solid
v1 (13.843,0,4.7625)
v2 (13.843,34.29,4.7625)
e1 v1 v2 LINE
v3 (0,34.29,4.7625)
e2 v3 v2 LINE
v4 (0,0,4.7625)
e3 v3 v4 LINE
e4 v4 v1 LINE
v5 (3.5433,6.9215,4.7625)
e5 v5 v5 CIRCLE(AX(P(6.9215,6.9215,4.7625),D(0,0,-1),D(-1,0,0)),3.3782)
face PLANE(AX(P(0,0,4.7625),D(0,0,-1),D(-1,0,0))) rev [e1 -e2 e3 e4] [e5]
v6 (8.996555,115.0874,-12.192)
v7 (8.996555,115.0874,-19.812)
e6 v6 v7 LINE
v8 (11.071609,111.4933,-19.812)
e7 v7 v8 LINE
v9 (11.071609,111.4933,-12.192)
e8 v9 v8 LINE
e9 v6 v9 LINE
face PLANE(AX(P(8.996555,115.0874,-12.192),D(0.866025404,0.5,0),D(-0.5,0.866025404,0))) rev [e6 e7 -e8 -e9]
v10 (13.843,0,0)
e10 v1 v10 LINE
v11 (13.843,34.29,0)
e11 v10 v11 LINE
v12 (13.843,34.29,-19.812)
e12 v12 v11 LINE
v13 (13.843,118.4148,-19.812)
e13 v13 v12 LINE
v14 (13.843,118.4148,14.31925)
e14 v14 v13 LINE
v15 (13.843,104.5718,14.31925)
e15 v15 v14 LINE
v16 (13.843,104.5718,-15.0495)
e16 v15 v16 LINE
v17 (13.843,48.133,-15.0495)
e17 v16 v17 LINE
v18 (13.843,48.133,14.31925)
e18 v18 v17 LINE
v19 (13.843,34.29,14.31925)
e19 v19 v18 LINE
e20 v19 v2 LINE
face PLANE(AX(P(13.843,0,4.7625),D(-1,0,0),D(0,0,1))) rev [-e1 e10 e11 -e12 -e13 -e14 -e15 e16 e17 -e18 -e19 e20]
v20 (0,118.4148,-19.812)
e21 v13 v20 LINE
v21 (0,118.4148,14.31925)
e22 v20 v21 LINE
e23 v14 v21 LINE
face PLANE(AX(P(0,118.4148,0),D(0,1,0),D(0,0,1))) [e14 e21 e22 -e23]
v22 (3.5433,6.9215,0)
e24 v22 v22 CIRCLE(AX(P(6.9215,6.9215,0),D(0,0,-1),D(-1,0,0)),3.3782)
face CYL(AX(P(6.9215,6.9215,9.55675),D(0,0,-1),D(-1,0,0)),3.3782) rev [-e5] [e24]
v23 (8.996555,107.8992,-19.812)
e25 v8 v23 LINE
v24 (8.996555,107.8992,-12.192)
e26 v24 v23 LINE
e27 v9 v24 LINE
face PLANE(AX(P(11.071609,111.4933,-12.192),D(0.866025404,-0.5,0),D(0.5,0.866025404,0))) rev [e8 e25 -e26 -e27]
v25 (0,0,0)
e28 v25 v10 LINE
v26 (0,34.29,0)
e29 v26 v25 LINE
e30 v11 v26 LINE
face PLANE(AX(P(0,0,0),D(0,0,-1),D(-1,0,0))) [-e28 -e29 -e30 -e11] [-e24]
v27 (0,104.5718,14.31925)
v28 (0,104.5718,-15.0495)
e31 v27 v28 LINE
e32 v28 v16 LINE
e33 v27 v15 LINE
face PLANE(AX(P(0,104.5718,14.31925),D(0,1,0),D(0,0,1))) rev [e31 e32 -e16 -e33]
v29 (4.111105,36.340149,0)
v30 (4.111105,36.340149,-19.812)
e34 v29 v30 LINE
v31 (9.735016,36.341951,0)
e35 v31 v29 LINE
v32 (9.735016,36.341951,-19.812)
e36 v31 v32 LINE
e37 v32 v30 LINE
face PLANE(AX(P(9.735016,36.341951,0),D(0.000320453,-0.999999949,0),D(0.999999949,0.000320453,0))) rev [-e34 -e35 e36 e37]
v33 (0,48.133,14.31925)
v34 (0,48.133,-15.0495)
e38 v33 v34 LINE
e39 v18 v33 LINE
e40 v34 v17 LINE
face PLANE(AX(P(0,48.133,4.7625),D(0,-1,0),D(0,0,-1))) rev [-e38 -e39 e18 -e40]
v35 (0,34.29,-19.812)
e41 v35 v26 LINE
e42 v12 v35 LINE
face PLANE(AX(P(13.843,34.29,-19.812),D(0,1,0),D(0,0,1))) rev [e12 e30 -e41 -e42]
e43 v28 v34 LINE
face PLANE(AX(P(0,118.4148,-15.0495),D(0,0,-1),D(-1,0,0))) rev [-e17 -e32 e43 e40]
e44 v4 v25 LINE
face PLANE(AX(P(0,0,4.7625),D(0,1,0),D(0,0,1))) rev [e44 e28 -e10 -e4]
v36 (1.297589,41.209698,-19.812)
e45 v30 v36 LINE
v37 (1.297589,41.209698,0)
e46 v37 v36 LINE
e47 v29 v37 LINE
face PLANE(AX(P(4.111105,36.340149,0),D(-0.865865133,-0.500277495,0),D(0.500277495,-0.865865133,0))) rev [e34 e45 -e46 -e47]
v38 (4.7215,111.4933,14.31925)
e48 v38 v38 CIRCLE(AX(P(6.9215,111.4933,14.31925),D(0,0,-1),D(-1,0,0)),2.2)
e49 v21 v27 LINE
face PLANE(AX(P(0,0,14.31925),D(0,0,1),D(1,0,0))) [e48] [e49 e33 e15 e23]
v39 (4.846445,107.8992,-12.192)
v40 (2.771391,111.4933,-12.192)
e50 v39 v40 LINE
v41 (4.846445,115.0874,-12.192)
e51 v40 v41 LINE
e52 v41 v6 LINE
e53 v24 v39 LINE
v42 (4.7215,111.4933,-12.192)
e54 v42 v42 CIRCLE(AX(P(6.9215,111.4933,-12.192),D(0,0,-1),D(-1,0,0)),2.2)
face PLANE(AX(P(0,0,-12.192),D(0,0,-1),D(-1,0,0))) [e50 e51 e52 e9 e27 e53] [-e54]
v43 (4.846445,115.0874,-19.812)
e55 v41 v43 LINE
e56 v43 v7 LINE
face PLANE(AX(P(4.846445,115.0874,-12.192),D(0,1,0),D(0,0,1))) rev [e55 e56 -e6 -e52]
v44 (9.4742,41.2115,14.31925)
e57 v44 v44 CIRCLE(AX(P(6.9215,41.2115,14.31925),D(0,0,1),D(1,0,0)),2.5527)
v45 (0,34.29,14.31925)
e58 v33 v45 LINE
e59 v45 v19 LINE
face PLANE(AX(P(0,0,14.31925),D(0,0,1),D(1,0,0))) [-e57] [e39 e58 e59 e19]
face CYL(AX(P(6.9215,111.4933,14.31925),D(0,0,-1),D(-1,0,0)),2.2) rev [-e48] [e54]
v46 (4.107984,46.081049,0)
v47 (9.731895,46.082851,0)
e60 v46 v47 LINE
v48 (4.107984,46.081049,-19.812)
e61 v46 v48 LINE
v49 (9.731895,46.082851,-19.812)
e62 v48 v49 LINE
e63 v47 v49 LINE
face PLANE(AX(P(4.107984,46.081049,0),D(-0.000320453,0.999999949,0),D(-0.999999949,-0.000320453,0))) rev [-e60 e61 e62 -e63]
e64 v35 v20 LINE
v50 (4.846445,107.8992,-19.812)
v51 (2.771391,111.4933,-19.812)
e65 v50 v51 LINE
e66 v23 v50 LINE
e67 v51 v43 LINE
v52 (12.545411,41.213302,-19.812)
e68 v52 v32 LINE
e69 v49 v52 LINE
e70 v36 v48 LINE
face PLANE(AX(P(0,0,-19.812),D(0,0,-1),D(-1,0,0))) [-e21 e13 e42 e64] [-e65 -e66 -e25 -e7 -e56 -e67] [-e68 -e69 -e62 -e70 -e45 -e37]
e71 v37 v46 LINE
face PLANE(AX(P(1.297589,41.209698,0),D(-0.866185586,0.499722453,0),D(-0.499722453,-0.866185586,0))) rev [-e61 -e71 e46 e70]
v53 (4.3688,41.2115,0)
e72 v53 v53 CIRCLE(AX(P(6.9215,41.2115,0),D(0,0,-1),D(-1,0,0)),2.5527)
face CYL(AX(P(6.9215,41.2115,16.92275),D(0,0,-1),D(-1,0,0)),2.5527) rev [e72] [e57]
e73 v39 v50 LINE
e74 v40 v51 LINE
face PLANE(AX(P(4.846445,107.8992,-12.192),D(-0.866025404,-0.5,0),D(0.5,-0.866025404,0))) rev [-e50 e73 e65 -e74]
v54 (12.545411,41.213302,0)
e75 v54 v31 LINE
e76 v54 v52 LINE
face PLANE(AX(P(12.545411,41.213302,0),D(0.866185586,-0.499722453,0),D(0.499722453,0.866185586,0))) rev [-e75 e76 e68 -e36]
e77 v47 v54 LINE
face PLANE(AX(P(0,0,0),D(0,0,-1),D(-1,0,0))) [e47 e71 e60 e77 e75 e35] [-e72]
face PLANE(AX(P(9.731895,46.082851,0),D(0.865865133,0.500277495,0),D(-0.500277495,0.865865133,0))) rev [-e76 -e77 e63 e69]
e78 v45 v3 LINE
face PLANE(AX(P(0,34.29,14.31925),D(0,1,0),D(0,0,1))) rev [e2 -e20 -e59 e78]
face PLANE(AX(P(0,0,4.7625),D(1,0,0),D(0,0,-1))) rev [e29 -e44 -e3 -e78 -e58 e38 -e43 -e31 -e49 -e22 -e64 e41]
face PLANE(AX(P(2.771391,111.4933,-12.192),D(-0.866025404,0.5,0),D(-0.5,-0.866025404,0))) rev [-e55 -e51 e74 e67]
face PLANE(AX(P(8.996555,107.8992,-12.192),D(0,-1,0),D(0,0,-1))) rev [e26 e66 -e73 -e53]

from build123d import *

# Parameters (mm, degrees)
SKETCH1_W           = 13.843
SKETCH1_H           = 48.133
BOSS_EXTRUDE1_DEPTH = 4.7625
SKETCH2_W           = 13.843
SKETCH2_H           = 13.843
BOSS_EXTRUDE2_DEPTH = 9.55675
SKETCH3_R           = 3.3782
CUT_EXTRUDE1_DEPTH  = 9.55675
SKETCH4_R           = 2.5527
CUT_EXTRUDE2_DEPTH  = 16.92275
SKETCH5_W           = 13.843
SKETCH5_H           = 13.843
BOSS_EXTRUDE3_DEPTH = 19.812
CUT_EXTRUDE3_DEPTH  = 19.812
SKETCH7_W           = 13.843
SKETCH7_H           = 4.7625
BOSS_EXTRUDE4_DEPTH = 70.2818
SKETCH8_W           = 13.843
SKETCH8_H           = 13.843
BOSS_EXTRUDE5_DEPTH = 29.36875
CUT_EXTRUDE4_DEPTH  = 7.62
SKETCH10_R          = 2.2
CUT_EXTRUDE5_DEPTH  = 27.51125


with BuildPart() as part:
    # Sketch1 → Boss-Extrude1 (new body)
    with BuildSketch(Plane.XY):
        with Locations((6.9215, 24.0665)):
            Rectangle(SKETCH1_W, SKETCH1_H)
    extrude(amount=BOSS_EXTRUDE1_DEPTH)

    # Sketch2 → Boss-Extrude2 (add)
    with BuildSketch(Plane.XY.offset(4.7625)):
        with Locations((6.9215, 41.2115)):
            Rectangle(SKETCH2_W, SKETCH2_H)
    extrude(amount=BOSS_EXTRUDE2_DEPTH)

    # Sketch3 → Cut-Extrude1 (cut)
    with BuildSketch(Plane(origin=(0, 0, 0), x_dir=(-1, 0, 0), z_dir=(0, 0, -1))):
        with Locations((-6.9215, 6.9215)):
            Circle(SKETCH3_R)
    extrude(amount=-CUT_EXTRUDE1_DEPTH, mode=Mode.SUBTRACT)

    # Sketch4 → Cut-Extrude2 (cut)
    with BuildSketch(Plane(origin=(0, 0, 0), x_dir=(-1, 0, 0), z_dir=(0, 0, -1))):
        with Locations((-6.9215, 41.2115)):
            Circle(SKETCH4_R)
    extrude(amount=-CUT_EXTRUDE2_DEPTH, mode=Mode.SUBTRACT)

    # Sketch5 → Boss-Extrude3 (add)
    with BuildSketch(Plane(origin=(0, 0, 0), x_dir=(-1, 0, 0), z_dir=(0, 0, -1))):
        with Locations((-6.9215, 41.2115)):
            Rectangle(SKETCH5_W, SKETCH5_H)
    extrude(amount=BOSS_EXTRUDE3_DEPTH)

    # Sketch6 → Cut-Extrude3 (cut)
    with BuildSketch(Plane(origin=(0, 0, -19.812), x_dir=(-1, 0, 0), z_dir=(0, 0, -1))):
        Polygon((-9.731894722, 46.082850851), (-12.545410948, 41.213302202), (-9.735016227, 36.341951351), (-4.111105278, 36.340149149), (-1.297589052, 41.209697798), (-4.107983773, 46.081048649), align=None)
    extrude(amount=-CUT_EXTRUDE3_DEPTH, mode=Mode.SUBTRACT)

    # Sketch7 → Boss-Extrude4 (add)
    with BuildSketch(Plane(origin=(0, 48.133, 0), x_dir=(1, 0, 0), z_dir=(0, 1, 0))):
        with Locations((6.9215, 17.43075)):
            Rectangle(SKETCH7_W, SKETCH7_H)
    extrude(amount=BOSS_EXTRUDE4_DEPTH)

    # Sketch8 → Boss-Extrude5 (add)
    with BuildSketch(Plane.XY.offset(-15.0495)):
        with Locations((6.9215, 111.4933)):
            Rectangle(SKETCH8_W, SKETCH8_H)
    extrude(amount=BOSS_EXTRUDE5_DEPTH)

    # Sketch9 → Cut-Extrude4 (cut)
    with BuildSketch(Plane(origin=(0, 0, -19.812), x_dir=(-1, 0, 0), z_dir=(0, 0, -1))):
        Polygon((-8.996554602, 115.0874), (-11.071609205, 111.4933), (-8.996554602, 107.8992), (-4.846445398, 107.8992), (-2.771390795, 111.4933), (-4.846445398, 115.0874), align=None)
    extrude(amount=-CUT_EXTRUDE4_DEPTH, mode=Mode.SUBTRACT)

    # Sketch10 → Cut-Extrude5 (cut, through all)
    with BuildSketch(Plane(origin=(0, 0, -12.192), x_dir=(-1, 0, 0), z_dir=(0, 0, -1))):
        with Locations((-6.9215, 111.4933)):
            Circle(SKETCH10_R)
    extrude(amount=-CUT_EXTRUDE5_DEPTH, mode=Mode.SUBTRACT)


solid = part.part
